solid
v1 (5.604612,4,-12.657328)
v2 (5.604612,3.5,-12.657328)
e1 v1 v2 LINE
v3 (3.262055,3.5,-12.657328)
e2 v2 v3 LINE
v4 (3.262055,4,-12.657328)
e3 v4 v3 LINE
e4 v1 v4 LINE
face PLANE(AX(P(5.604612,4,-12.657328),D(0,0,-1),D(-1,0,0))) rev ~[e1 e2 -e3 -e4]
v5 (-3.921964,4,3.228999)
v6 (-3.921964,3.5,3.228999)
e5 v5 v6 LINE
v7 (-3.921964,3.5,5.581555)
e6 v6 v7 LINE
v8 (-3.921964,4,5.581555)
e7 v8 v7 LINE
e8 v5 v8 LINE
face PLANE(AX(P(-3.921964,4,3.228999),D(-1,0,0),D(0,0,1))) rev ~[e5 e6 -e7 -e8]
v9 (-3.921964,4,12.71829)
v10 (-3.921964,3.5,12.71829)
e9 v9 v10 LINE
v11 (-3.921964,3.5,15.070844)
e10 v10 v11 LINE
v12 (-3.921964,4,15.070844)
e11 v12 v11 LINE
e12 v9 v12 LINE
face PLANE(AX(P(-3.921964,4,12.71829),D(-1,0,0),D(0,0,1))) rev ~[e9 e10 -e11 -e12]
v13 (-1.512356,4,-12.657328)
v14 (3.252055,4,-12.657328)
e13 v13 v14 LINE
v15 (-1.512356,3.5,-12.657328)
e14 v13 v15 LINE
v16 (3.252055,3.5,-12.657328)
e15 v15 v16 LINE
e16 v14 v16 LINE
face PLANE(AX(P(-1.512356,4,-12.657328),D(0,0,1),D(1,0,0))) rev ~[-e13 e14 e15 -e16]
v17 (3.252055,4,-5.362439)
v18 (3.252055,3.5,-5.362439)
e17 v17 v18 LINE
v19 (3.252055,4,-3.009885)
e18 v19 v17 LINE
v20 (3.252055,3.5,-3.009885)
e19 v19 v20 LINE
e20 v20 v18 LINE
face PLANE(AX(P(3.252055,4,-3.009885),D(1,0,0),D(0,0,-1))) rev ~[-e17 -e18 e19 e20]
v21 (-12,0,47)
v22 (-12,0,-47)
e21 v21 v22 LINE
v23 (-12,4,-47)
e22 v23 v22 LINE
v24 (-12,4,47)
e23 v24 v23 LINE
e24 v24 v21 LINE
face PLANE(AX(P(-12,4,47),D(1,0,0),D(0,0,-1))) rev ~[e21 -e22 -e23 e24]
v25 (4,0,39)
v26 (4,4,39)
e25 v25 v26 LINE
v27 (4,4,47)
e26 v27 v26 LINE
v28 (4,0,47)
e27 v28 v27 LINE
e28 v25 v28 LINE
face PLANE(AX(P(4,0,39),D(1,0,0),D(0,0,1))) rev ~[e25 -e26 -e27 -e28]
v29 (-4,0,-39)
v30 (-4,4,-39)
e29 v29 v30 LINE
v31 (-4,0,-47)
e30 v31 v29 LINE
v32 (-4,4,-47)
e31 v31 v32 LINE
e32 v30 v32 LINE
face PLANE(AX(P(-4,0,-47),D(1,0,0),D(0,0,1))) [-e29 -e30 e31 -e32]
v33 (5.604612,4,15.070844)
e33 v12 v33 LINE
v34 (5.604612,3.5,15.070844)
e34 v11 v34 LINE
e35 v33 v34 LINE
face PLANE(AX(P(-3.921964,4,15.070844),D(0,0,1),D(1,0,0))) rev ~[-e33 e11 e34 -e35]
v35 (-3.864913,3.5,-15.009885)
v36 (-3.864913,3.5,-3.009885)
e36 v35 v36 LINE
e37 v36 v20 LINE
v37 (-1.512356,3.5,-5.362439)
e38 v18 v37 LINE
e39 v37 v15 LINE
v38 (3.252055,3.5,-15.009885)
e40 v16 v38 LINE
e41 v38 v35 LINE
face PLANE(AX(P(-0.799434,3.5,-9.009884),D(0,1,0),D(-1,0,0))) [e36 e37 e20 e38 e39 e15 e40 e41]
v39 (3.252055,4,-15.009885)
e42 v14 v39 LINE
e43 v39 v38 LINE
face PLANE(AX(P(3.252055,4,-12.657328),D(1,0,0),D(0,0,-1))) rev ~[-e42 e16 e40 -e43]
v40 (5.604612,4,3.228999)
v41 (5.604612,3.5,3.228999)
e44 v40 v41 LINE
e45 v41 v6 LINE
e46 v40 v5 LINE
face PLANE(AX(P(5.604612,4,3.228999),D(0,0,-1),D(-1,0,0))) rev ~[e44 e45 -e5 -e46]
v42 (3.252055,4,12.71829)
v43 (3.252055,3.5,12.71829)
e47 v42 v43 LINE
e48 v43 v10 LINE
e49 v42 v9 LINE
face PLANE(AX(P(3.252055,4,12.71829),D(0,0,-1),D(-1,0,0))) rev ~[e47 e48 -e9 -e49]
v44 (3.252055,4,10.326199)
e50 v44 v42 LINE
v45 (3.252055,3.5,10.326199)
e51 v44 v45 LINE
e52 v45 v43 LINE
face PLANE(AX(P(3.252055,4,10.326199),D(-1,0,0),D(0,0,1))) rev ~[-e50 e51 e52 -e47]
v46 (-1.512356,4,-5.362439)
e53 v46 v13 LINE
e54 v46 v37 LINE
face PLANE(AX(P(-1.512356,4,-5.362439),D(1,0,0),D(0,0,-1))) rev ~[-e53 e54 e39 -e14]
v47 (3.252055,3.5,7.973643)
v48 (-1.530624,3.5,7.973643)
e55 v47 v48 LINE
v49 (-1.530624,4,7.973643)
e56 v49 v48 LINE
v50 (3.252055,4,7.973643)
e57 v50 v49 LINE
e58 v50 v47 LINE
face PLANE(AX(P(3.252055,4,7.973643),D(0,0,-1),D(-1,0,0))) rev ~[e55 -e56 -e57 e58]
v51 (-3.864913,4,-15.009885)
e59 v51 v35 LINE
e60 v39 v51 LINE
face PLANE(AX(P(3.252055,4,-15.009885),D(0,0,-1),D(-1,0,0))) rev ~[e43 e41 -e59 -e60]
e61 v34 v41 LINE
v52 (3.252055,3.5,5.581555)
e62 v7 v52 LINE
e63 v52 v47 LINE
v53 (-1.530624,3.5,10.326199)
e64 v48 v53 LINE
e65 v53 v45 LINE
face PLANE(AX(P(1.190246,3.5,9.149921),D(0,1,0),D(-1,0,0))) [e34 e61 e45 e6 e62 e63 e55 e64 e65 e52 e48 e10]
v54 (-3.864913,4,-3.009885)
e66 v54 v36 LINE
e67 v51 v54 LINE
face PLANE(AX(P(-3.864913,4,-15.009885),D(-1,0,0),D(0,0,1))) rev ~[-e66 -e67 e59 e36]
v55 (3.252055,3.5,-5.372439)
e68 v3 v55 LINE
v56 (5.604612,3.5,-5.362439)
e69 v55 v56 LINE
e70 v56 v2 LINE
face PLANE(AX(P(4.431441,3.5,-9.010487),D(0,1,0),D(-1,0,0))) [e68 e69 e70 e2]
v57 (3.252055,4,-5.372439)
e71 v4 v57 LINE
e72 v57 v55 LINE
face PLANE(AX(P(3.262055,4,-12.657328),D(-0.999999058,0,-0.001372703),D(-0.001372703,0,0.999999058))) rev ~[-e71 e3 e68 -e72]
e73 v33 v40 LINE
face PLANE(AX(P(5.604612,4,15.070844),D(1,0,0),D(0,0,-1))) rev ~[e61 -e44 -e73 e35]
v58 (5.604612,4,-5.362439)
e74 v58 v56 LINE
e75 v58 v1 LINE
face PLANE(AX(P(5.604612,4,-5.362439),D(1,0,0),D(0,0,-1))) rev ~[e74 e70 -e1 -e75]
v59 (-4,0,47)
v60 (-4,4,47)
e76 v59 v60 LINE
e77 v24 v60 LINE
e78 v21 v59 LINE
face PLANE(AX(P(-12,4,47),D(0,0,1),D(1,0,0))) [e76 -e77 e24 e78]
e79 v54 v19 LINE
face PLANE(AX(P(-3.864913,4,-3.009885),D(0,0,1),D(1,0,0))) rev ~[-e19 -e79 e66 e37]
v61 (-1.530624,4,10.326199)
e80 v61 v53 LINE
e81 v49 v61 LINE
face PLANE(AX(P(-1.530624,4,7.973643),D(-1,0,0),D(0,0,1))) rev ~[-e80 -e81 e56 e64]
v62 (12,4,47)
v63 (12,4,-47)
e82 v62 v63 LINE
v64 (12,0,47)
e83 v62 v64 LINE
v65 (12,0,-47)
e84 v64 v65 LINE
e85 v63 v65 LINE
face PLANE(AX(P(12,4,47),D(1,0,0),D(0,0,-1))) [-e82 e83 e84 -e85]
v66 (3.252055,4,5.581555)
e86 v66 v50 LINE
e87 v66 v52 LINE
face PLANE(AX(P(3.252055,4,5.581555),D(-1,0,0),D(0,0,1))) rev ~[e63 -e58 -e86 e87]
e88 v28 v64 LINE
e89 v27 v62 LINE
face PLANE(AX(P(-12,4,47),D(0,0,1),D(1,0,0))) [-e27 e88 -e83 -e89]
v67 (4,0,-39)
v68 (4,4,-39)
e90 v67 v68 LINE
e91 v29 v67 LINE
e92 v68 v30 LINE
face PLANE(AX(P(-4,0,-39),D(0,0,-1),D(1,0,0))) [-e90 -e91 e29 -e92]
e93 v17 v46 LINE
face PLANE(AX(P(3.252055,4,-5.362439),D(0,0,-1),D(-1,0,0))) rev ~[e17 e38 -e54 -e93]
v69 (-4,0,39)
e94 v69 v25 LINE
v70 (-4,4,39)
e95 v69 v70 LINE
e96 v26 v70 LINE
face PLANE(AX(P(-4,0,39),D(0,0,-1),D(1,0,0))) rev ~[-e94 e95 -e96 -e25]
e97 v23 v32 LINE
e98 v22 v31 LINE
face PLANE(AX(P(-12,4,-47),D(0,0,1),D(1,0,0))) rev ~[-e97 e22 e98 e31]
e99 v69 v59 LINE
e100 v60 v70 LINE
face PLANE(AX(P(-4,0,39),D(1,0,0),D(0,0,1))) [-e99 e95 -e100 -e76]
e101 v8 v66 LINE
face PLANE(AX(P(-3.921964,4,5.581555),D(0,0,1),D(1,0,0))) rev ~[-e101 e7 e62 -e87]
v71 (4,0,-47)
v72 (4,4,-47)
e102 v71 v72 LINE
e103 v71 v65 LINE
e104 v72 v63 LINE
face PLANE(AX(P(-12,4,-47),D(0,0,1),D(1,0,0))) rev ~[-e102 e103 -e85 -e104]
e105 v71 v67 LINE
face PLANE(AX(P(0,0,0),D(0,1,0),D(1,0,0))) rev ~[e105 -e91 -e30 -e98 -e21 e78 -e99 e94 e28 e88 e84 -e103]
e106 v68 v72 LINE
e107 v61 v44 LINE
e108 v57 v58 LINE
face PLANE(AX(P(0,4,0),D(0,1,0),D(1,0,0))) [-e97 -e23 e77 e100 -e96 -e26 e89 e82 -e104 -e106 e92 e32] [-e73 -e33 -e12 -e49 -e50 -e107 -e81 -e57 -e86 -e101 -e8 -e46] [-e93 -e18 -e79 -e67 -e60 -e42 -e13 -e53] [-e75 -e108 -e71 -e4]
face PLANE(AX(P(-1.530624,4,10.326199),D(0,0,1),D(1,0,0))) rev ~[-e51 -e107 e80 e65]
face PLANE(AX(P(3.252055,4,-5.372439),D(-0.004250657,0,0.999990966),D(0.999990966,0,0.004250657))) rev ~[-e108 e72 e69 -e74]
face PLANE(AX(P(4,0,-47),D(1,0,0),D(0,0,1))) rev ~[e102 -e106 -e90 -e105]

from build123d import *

# Parameters (mm, degrees)
SKETCH_1_W          = 24
SKETCH_1_H          = 94
EXTRUDE_1_DEPTH     = 4
SKETCH_2_W          = 8
SKETCH_2_H          = 8
CUT_EXTRUDE_1_DEPTH = 5
SKETCH_3_W          = 8
SKETCH_3_H          = 8
CUT_EXTRUDE_2_DEPTH = 5
CUT_EXTRUDE_3_DEPTH = 0.5
CUT_EXTRUDE_4_DEPTH = 0.5
CUT_EXTRUDE_5_DEPTH = 0.5


with BuildPart() as part:
    # 草圖1 → 填料-伸長1 (new body)
    with BuildSketch(Plane(origin=(0, 4, 0), x_dir=(1, 0, 0), z_dir=(0, 1, 0))):
        Rectangle(SKETCH_1_W, SKETCH_1_H)
    extrude(amount=-EXTRUDE_1_DEPTH)

    # 草圖2 → 除料-伸長1 (cut, through all)
    with BuildSketch(Plane.XZ):
        with Locations((0, -43)):
            Rectangle(SKETCH_2_W, SKETCH_2_H)
    extrude(amount=-CUT_EXTRUDE_1_DEPTH, mode=Mode.SUBTRACT)

    # 草圖3 → 除料-伸長2 (cut, through all)
    with BuildSketch(Plane.XZ):
        with Locations((0, 43)):
            Rectangle(SKETCH_3_W, SKETCH_3_H)
    extrude(amount=-CUT_EXTRUDE_2_DEPTH, mode=Mode.SUBTRACT)

    # 草圖4 → 除料-伸長3 (cut)
    with BuildSketch(Plane(origin=(0, 4, 0), x_dir=(-1, 0, 0), z_dir=(0, 1, 0))):
        Polygon((-5.604611564, 15.070843631), (-5.604611564, 3.228998522), (3.921964275, 3.228998522), (3.921964275, 5.581554951), (-3.252055136, 5.581554951), (-3.252055136, 7.973642862), (1.530624471, 7.973642862), (1.530624471, 10.326199291), (-3.252055136, 10.326199291), (-3.252055136, 12.718289616), (3.921964275, 12.718289616), (3.921964275, 15.070843631), align=None)
    extrude(amount=-CUT_EXTRUDE_3_DEPTH, mode=Mode.SUBTRACT)

    # 草圖5 → 除料-伸長4 (cut)
    with BuildSketch(Plane(origin=(0, 4, 0), x_dir=(-1, 0, 0), z_dir=(0, 1, 0))):
        Polygon((1.512356153, -5.362438696), (1.512356153, -12.657328252), (-3.252055136, -12.657328252), (-3.252055136, -15.009884681), (3.864912581, -15.009884681), (3.864912581, -3.009884681), (-3.252055136, -3.009884681), (-3.252055136, -5.362438696), align=None)
    extrude(amount=-CUT_EXTRUDE_4_DEPTH, mode=Mode.SUBTRACT)

    # 草圖6 → 除料-伸長5 (cut)
    with BuildSketch(Plane(origin=(0, 4, 0), x_dir=(-1, 0, 0), z_dir=(0, 1, 0))):
        Polygon((-5.604611564, -12.657328252), (-3.262055136, -12.657328252), (-3.252055136, -5.372438696), (-5.604611564, -5.362438696), align=None)
    extrude(amount=-CUT_EXTRUDE_5_DEPTH, mode=Mode.SUBTRACT)


solid = part.part
